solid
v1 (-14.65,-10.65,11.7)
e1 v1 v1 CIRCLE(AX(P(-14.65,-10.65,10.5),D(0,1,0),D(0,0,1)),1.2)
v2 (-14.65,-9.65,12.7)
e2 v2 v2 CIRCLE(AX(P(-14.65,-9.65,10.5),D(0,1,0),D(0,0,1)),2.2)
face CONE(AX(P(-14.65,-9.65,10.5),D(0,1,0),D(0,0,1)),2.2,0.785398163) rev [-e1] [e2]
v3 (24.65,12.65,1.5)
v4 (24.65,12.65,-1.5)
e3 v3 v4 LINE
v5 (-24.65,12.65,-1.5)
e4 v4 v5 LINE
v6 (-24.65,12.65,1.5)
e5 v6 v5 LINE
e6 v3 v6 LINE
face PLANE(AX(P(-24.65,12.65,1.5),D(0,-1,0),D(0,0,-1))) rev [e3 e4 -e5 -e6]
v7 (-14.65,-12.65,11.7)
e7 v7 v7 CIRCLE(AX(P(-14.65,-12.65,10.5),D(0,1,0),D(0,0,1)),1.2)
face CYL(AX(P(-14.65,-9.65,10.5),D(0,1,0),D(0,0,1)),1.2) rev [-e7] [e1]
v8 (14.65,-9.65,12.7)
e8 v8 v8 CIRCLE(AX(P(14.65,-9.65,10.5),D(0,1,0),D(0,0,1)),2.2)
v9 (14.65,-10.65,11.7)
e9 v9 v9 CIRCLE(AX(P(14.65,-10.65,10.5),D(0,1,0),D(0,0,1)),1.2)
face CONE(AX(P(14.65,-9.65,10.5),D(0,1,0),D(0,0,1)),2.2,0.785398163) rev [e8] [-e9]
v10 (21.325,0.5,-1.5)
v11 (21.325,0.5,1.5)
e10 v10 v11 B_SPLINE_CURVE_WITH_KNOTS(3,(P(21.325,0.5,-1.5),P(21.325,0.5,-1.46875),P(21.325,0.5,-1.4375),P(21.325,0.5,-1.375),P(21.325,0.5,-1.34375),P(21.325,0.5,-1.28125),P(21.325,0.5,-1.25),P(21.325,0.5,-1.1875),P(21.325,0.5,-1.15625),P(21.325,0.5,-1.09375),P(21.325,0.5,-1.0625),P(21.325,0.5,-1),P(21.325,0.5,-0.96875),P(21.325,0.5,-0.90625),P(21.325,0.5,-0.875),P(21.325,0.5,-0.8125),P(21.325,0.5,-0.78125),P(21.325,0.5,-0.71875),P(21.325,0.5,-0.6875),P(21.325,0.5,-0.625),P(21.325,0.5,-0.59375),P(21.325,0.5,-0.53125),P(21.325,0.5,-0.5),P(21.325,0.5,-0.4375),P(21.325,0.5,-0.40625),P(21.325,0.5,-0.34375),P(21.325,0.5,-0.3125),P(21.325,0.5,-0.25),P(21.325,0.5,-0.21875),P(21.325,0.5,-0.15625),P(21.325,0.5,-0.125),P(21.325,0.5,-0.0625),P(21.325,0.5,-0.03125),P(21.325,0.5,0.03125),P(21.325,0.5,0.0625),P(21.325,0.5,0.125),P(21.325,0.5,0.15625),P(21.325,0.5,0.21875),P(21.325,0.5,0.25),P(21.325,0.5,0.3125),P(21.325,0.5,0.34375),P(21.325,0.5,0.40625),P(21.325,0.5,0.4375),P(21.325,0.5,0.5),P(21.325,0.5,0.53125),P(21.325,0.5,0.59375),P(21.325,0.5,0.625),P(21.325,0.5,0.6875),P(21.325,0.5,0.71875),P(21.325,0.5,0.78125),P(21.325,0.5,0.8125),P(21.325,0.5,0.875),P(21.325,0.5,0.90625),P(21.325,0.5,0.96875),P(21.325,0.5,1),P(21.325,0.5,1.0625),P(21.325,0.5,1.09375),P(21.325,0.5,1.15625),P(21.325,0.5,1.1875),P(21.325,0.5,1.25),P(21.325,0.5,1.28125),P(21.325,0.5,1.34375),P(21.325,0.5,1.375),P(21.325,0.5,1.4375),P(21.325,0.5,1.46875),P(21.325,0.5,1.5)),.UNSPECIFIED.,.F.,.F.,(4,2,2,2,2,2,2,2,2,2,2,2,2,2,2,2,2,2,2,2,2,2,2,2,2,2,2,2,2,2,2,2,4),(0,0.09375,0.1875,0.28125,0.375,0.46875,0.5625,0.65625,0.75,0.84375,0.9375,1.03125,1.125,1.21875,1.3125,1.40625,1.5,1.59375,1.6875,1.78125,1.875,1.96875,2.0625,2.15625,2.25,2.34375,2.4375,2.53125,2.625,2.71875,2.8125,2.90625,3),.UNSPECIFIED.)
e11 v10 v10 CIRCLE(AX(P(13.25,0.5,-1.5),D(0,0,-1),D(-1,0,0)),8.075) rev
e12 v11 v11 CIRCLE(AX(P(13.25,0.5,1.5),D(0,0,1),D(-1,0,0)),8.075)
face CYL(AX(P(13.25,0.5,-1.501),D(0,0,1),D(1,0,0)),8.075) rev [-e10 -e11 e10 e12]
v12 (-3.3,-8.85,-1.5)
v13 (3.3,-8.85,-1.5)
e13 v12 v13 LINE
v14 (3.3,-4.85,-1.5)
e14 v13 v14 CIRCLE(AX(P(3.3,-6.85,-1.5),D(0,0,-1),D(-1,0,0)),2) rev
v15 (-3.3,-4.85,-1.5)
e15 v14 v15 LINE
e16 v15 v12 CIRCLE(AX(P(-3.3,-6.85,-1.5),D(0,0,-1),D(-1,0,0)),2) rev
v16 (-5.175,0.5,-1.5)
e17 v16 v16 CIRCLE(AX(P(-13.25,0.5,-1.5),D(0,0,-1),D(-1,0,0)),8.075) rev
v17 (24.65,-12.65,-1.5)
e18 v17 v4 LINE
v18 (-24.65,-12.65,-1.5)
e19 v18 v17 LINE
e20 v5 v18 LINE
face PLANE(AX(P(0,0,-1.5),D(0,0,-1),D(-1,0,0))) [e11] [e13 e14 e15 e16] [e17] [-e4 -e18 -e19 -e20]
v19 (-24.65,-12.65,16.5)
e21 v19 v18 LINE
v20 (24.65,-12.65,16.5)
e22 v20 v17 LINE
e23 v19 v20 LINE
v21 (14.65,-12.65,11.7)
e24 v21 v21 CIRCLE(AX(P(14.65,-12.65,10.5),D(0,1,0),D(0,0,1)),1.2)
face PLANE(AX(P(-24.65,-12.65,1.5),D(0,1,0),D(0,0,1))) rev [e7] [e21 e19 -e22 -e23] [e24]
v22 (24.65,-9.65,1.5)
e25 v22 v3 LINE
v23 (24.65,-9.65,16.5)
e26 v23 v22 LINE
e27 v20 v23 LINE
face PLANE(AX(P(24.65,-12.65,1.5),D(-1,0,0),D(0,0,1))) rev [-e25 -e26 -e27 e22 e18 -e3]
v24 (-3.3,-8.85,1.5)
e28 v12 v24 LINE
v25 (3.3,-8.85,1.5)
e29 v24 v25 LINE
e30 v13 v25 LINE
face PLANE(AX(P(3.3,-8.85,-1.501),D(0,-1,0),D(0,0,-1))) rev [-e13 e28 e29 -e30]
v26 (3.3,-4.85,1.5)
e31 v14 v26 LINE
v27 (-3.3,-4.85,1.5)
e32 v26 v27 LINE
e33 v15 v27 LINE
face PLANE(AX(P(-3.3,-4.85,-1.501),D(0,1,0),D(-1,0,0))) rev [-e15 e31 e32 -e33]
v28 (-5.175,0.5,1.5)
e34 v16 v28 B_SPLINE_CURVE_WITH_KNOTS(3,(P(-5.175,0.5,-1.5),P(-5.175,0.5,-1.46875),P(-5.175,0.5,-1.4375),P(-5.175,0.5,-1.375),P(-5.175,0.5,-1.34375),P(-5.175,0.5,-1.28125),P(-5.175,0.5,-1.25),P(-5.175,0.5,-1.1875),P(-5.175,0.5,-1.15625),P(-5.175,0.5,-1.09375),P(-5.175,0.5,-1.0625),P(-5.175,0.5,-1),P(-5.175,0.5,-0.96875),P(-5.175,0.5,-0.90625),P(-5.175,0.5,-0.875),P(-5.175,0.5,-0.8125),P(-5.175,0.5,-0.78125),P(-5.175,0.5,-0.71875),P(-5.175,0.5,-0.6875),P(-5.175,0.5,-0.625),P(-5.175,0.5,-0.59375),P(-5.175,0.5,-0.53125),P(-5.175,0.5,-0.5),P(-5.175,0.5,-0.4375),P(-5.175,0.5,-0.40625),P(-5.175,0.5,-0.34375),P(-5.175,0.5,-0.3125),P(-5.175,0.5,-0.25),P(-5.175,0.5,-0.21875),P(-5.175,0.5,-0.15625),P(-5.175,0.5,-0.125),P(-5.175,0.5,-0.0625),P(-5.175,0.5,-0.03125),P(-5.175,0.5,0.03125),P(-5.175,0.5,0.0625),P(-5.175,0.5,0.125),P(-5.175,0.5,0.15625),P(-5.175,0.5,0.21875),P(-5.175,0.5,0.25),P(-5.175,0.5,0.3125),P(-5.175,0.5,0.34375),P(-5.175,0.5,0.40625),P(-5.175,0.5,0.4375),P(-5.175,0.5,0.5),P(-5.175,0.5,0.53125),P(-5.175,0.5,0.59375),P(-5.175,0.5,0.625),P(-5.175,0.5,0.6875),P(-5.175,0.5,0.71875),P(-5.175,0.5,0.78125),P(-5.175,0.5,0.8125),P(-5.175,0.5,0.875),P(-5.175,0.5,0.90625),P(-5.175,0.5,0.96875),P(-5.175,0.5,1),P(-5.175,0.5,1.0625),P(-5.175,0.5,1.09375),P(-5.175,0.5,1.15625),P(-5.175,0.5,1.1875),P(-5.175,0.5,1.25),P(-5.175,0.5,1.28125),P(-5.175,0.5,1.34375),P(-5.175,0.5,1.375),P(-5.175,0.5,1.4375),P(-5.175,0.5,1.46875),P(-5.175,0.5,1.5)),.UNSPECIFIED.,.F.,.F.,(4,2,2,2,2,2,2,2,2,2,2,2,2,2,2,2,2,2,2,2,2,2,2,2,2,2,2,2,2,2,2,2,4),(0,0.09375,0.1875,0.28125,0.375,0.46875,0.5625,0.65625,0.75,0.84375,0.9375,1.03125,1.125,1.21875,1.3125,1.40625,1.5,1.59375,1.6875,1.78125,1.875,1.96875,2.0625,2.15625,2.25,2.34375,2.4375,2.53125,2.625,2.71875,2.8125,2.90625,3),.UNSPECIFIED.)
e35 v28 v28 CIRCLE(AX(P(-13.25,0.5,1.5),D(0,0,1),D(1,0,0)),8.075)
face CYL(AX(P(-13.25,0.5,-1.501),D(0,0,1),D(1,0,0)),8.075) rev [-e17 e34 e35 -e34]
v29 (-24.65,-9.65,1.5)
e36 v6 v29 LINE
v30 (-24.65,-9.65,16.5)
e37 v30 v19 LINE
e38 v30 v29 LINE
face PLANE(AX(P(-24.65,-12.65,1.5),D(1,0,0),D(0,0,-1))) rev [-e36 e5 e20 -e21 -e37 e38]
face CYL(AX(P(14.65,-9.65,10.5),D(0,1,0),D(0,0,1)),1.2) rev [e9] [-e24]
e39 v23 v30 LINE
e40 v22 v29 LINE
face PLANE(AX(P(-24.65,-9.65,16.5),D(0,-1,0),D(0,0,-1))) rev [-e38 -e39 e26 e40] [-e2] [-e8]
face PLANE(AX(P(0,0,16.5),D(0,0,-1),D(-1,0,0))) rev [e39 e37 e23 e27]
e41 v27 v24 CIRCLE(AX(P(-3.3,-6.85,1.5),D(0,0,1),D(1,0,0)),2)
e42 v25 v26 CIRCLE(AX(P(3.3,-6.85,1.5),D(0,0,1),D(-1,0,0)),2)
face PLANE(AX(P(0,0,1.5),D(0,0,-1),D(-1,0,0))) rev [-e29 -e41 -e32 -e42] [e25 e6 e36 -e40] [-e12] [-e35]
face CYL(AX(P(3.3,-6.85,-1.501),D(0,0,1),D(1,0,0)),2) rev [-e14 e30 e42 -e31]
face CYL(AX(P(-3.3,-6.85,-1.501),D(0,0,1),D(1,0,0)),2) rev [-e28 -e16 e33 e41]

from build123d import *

# Parameters (mm, degrees)
SKETCH1_W                                           = 49.3
SKETCH1_H                                           = 25.3
BOSS_EXTRUDE1_DEPTH                                 = 1.5
SKETCH4_W                                           = 49.3
SKETCH4_H                                           = 3
BOSS_EXTRUDE2_DEPTH                                 = 15
CSK_FOR_M2_COUNTERSUNK_FLAT_HEAD_SCREW1_D           = 2.4
CSK_FOR_M2_COUNTERSUNK_FLAT_HEAD_SCREW1_CSINK_D     = 4.4
CSK_FOR_M2_COUNTERSUNK_FLAT_HEAD_SCREW1_CSINK_ANGLE = 90
CUT_EXTRUDE1_REACH                                  = 33.506
SKETCH8_R                                           = 8.075


with BuildPart() as part:
    # Sketch1 → Boss-Extrude1 (new, symmetric)
    with BuildSketch(Plane.XY):
        Rectangle(SKETCH1_W, SKETCH1_H)
    extrude(amount=BOSS_EXTRUDE1_DEPTH, both=True)

    # Sketch4 → Boss-Extrude2 (add)
    with BuildSketch(Plane.XY.offset(1.5)):
        with Locations((0, -11.15)):
            Rectangle(SKETCH4_W, SKETCH4_H)
    extrude(amount=BOSS_EXTRUDE2_DEPTH)

    # CSK for M2 Countersunk Flat Head Screw1 (through all)
    with Locations(Plane(origin=(0, -9.65, 0), x_dir=(1, 0, 0), z_dir=(0, 1, 0))):
        with Locations((-14.65, -10.5), (14.65, -10.5)):
            CounterSinkHole(CSK_FOR_M2_COUNTERSUNK_FLAT_HEAD_SCREW1_D / 2, CSK_FOR_M2_COUNTERSUNK_FLAT_HEAD_SCREW1_CSINK_D / 2, counter_sink_angle=CSK_FOR_M2_COUNTERSUNK_FLAT_HEAD_SCREW1_CSINK_ANGLE)

    # Sketch8 → Cut-Extrude1 (cut, up to next)
    with BuildSketch(Plane.XY.offset(1.5), mode=Mode.PRIVATE) as cut_extrude1_sk1:
        with Locations((-13.25, 0.5)):
            Circle(SKETCH8_R)
    cut_extrude1_tool1 = extrude(cut_extrude1_sk1.sketch, amount=-CUT_EXTRUDE1_REACH, mode=Mode.PRIVATE) & part.part
    # Sketch8 → Cut-Extrude1 (cut, up to next)
    with BuildSketch(Plane.XY.offset(1.5), mode=Mode.PRIVATE) as cut_extrude1_sk2:
        with Locations((13.25, 0.5)):
            Circle(SKETCH8_R)
    cut_extrude1_tool2 = extrude(cut_extrude1_sk2.sketch, amount=-CUT_EXTRUDE1_REACH, mode=Mode.PRIVATE) & part.part
    # Sketch8 → Cut-Extrude1 (cut, up to next)
    with BuildSketch(Plane.XY.offset(1.5), mode=Mode.PRIVATE) as cut_extrude1_sk3:
        with BuildLine():
            Line((-3.3, -4.85), (3.3, -4.85))
            ThreePointArc((3.3, -4.85), (5.3, -6.85), (3.3, -8.85))
            Line((3.3, -8.85), (-3.3, -8.85))
            ThreePointArc((-3.3, -8.85), (-5.3, -6.85), (-3.3, -4.85))
        make_face()
    cut_extrude1_tool3 = extrude(cut_extrude1_sk3.sketch, amount=-CUT_EXTRUDE1_REACH, mode=Mode.PRIVATE) & part.part
    add(cut_extrude1_tool1.solids().sort_by_distance((-13.25, 0.5, 1.5))[0], mode=Mode.SUBTRACT)
    add(cut_extrude1_tool2.solids().sort_by_distance((13.25, 0.5, 1.5))[0], mode=Mode.SUBTRACT)
    add(cut_extrude1_tool3.solids().sort_by_distance((0, -6.85, 1.5))[0], mode=Mode.SUBTRACT)


solid = part.part
